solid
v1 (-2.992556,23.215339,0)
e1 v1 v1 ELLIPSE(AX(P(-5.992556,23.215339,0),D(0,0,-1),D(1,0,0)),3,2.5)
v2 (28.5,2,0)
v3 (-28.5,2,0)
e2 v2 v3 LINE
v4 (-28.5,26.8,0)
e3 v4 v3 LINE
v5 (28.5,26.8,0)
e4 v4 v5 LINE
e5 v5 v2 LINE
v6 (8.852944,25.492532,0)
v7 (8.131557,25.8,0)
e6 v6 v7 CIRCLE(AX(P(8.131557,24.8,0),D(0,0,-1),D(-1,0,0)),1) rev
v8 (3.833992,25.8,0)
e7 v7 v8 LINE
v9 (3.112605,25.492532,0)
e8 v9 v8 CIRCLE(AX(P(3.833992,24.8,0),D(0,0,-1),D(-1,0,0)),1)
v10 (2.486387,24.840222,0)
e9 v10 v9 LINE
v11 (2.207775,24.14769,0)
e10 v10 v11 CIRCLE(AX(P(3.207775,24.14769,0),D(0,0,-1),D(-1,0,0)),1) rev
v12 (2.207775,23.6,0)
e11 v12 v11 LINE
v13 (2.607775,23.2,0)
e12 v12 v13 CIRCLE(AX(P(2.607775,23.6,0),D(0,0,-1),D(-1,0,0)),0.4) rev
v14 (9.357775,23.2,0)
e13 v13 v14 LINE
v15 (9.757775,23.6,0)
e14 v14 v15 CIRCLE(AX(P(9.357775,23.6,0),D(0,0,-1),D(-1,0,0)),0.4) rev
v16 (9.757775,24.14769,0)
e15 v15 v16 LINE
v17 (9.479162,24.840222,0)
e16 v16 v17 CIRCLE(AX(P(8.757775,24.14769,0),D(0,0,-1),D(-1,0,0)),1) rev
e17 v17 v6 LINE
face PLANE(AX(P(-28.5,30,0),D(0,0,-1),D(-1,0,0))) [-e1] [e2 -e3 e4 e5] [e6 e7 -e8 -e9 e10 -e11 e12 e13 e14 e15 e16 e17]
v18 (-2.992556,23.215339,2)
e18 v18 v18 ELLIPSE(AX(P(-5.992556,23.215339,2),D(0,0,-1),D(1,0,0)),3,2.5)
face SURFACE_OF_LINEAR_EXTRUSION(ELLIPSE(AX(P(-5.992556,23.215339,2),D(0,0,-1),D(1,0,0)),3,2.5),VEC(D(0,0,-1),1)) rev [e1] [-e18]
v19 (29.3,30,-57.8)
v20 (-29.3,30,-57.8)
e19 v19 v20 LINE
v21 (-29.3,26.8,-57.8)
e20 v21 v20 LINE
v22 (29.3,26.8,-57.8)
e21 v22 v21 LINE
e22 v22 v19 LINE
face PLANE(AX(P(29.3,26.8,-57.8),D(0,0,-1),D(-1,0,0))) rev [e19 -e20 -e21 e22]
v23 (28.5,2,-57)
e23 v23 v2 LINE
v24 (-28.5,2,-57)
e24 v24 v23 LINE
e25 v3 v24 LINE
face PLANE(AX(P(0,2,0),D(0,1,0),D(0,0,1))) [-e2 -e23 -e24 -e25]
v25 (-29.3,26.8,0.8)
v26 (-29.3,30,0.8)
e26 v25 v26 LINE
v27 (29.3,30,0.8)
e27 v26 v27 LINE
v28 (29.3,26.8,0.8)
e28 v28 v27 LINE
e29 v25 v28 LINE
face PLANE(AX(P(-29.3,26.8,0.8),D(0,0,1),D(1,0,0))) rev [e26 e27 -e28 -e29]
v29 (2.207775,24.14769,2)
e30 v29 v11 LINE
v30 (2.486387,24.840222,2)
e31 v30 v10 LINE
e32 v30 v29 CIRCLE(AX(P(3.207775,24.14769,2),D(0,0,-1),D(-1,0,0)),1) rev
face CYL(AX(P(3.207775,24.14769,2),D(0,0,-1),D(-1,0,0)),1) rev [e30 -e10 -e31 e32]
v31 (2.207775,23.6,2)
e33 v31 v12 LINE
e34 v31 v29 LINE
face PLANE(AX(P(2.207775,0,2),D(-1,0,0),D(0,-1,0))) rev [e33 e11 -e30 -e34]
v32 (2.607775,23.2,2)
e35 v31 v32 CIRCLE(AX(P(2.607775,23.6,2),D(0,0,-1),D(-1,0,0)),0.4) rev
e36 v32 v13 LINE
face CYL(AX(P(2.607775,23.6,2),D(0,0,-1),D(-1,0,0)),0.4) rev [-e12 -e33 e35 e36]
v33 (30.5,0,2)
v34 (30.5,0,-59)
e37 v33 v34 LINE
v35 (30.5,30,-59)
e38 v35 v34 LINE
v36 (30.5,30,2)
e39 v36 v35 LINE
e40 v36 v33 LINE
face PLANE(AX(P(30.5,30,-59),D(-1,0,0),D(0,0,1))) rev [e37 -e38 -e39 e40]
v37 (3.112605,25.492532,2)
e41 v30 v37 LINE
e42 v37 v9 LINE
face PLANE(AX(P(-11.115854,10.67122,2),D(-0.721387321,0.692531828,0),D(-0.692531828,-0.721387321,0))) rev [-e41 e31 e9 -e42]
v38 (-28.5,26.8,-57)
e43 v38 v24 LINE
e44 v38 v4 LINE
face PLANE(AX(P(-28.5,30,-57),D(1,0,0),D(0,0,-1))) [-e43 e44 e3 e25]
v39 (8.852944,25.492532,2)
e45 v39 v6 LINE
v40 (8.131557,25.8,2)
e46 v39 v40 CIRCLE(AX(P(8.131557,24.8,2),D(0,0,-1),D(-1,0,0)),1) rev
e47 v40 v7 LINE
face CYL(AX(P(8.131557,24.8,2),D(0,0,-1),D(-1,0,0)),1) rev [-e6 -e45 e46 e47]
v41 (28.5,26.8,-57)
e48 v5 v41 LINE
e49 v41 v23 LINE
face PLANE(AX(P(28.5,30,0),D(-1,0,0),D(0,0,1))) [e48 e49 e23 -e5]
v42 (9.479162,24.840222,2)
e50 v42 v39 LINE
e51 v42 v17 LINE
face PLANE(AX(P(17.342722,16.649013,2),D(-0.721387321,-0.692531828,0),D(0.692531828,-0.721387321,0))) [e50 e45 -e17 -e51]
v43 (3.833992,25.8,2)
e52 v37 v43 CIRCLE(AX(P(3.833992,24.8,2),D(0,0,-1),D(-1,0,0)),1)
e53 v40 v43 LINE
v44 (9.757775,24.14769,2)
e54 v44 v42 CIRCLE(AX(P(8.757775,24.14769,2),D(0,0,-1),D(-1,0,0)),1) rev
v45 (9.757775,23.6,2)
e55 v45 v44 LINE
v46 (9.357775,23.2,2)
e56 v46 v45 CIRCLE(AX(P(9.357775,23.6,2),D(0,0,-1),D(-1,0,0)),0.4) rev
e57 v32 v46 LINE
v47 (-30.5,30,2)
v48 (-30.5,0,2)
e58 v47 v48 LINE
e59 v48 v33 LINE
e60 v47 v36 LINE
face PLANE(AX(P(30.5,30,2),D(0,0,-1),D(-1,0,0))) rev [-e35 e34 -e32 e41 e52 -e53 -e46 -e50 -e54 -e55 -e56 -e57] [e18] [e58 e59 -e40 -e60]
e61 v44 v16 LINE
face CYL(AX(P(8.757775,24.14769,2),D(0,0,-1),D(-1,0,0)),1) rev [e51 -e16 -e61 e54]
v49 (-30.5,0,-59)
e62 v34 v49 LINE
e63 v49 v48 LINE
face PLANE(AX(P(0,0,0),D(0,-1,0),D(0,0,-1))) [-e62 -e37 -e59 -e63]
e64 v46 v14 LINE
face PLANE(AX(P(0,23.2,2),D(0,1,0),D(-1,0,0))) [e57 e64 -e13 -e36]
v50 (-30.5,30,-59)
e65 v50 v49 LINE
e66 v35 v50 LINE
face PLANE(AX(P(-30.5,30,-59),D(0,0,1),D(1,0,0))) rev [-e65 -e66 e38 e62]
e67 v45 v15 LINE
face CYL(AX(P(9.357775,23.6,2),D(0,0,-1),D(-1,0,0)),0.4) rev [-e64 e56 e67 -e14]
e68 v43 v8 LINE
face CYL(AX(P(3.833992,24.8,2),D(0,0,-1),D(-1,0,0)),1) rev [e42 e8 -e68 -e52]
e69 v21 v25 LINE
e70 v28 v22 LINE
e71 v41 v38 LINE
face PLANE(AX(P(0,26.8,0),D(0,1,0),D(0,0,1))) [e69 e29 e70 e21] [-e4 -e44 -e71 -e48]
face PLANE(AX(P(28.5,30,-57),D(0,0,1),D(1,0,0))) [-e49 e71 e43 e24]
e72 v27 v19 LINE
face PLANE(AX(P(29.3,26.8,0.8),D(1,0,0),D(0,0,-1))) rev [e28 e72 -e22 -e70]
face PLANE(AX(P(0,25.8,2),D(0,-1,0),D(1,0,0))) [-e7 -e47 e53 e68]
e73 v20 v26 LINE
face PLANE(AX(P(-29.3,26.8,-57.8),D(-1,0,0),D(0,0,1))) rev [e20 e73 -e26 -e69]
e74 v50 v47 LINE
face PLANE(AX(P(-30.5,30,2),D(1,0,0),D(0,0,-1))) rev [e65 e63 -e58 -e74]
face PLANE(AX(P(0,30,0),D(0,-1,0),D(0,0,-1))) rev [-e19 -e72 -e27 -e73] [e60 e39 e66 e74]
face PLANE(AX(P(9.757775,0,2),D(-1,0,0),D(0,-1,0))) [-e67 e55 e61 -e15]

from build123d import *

# Parameters (mm, degrees)
SKETCH1_W           = 61
SKETCH1_H           = 61
SKETCH1_W_2         = 57
SKETCH1_H_2         = 57
BOSS_EXTRUDE2_DEPTH = 30
SKETCH2_W           = 58.6
SKETCH2_H           = 58.6
CUT_EXTRUDE1_DEPTH  = 3.2
SKETCH4_RX          = 3
SKETCH4_RY          = 2.5
CUT_EXTRUDE2_DEPTH  = 73.878323252
SKETCH5_W           = 57
SKETCH5_H           = 57
BOSS_EXTRUDE3_DEPTH = 2


with BuildPart() as part:
    # Sketch1 → Boss-Extrude2 (new body)
    with BuildSketch(Plane(origin=(0, 0, 0), x_dir=(1, 0, 0), z_dir=(0, 1, 0))):
        with Locations((0, 28.5)):
            Rectangle(SKETCH1_W, SKETCH1_H)
        with Locations((0, 28.5)):
            Rectangle(SKETCH1_W_2, SKETCH1_H_2, mode=Mode.SUBTRACT)
    extrude(amount=BOSS_EXTRUDE2_DEPTH)

    # Sketch2 → Cut-Extrude1 (cut)
    with BuildSketch(Plane(origin=(0, 30, 0), x_dir=(1, 0, 0), z_dir=(0, 1, 0))):
        with Locations((0, 28.5)):
            Rectangle(SKETCH2_W, SKETCH2_H)
    extrude(amount=-CUT_EXTRUDE1_DEPTH, mode=Mode.SUBTRACT)

    # Sketch4 → Cut-Extrude2 (cut, through all)
    with BuildSketch(Plane(origin=(0, 0, 0), x_dir=(-1, 0, 0), z_dir=(0, 0, -1))):
        with BuildLine():
            Line((-5.98277454, 23.2), (-5.98277454, 25.8))
            Line((-5.98277454, 25.8), (-8.131556664, 25.8))
            ThreePointArc((-8.131556664, 25.8), (-8.523646049, 25.719927124), (-8.852943985, 25.492531828))
            Line((-8.852943985, 25.492531828), (-9.479161861, 24.840221541))
            ThreePointArc((-9.479161861, 24.840221541), (-9.685510311, 24.520927357), (-9.75777454, 24.147689712))
            Line((-9.75777454, 24.147689712), (-9.75777454, 23.6))
            ThreePointArc((-9.75777454, 23.6), (-9.640617252, 23.317157288), (-9.35777454, 23.2))
            Line((-9.35777454, 23.2), (-5.98277454, 23.2))
        make_face()
        with BuildLine():
            Line((-3.833992416, 25.8), (-5.98277454, 25.8))
            Line((-5.98277454, 25.8), (-5.98277454, 23.2))
            Line((-5.98277454, 23.2), (-2.60777454, 23.2))
            ThreePointArc((-2.60777454, 23.2), (-2.324931828, 23.317157288), (-2.20777454, 23.6))
            Line((-2.20777454, 23.6), (-2.20777454, 24.147689712))
            ThreePointArc((-2.20777454, 24.147689712), (-2.280038769, 24.520927357), (-2.486387219, 24.840221541))
            Line((-2.486387219, 24.840221541), (-3.112605095, 25.492531828))
            ThreePointArc((-3.112605095, 25.492531828), (-3.441903031, 25.719927124), (-3.833992416, 25.8))
        make_face()
        with Locations(Location((5.992555786, 23.215339324), (0, 0, 180))):
            Ellipse(SKETCH4_RX, SKETCH4_RY)
    extrude(amount=-CUT_EXTRUDE2_DEPTH, mode=Mode.SUBTRACT)

    # Sketch5 → Boss-Extrude3 (add)
    with BuildSketch(Plane.XZ):
        with Locations((0, -28.5)):
            Rectangle(SKETCH5_W, SKETCH5_H)
    extrude(amount=-BOSS_EXTRUDE3_DEPTH)


solid = part.part
